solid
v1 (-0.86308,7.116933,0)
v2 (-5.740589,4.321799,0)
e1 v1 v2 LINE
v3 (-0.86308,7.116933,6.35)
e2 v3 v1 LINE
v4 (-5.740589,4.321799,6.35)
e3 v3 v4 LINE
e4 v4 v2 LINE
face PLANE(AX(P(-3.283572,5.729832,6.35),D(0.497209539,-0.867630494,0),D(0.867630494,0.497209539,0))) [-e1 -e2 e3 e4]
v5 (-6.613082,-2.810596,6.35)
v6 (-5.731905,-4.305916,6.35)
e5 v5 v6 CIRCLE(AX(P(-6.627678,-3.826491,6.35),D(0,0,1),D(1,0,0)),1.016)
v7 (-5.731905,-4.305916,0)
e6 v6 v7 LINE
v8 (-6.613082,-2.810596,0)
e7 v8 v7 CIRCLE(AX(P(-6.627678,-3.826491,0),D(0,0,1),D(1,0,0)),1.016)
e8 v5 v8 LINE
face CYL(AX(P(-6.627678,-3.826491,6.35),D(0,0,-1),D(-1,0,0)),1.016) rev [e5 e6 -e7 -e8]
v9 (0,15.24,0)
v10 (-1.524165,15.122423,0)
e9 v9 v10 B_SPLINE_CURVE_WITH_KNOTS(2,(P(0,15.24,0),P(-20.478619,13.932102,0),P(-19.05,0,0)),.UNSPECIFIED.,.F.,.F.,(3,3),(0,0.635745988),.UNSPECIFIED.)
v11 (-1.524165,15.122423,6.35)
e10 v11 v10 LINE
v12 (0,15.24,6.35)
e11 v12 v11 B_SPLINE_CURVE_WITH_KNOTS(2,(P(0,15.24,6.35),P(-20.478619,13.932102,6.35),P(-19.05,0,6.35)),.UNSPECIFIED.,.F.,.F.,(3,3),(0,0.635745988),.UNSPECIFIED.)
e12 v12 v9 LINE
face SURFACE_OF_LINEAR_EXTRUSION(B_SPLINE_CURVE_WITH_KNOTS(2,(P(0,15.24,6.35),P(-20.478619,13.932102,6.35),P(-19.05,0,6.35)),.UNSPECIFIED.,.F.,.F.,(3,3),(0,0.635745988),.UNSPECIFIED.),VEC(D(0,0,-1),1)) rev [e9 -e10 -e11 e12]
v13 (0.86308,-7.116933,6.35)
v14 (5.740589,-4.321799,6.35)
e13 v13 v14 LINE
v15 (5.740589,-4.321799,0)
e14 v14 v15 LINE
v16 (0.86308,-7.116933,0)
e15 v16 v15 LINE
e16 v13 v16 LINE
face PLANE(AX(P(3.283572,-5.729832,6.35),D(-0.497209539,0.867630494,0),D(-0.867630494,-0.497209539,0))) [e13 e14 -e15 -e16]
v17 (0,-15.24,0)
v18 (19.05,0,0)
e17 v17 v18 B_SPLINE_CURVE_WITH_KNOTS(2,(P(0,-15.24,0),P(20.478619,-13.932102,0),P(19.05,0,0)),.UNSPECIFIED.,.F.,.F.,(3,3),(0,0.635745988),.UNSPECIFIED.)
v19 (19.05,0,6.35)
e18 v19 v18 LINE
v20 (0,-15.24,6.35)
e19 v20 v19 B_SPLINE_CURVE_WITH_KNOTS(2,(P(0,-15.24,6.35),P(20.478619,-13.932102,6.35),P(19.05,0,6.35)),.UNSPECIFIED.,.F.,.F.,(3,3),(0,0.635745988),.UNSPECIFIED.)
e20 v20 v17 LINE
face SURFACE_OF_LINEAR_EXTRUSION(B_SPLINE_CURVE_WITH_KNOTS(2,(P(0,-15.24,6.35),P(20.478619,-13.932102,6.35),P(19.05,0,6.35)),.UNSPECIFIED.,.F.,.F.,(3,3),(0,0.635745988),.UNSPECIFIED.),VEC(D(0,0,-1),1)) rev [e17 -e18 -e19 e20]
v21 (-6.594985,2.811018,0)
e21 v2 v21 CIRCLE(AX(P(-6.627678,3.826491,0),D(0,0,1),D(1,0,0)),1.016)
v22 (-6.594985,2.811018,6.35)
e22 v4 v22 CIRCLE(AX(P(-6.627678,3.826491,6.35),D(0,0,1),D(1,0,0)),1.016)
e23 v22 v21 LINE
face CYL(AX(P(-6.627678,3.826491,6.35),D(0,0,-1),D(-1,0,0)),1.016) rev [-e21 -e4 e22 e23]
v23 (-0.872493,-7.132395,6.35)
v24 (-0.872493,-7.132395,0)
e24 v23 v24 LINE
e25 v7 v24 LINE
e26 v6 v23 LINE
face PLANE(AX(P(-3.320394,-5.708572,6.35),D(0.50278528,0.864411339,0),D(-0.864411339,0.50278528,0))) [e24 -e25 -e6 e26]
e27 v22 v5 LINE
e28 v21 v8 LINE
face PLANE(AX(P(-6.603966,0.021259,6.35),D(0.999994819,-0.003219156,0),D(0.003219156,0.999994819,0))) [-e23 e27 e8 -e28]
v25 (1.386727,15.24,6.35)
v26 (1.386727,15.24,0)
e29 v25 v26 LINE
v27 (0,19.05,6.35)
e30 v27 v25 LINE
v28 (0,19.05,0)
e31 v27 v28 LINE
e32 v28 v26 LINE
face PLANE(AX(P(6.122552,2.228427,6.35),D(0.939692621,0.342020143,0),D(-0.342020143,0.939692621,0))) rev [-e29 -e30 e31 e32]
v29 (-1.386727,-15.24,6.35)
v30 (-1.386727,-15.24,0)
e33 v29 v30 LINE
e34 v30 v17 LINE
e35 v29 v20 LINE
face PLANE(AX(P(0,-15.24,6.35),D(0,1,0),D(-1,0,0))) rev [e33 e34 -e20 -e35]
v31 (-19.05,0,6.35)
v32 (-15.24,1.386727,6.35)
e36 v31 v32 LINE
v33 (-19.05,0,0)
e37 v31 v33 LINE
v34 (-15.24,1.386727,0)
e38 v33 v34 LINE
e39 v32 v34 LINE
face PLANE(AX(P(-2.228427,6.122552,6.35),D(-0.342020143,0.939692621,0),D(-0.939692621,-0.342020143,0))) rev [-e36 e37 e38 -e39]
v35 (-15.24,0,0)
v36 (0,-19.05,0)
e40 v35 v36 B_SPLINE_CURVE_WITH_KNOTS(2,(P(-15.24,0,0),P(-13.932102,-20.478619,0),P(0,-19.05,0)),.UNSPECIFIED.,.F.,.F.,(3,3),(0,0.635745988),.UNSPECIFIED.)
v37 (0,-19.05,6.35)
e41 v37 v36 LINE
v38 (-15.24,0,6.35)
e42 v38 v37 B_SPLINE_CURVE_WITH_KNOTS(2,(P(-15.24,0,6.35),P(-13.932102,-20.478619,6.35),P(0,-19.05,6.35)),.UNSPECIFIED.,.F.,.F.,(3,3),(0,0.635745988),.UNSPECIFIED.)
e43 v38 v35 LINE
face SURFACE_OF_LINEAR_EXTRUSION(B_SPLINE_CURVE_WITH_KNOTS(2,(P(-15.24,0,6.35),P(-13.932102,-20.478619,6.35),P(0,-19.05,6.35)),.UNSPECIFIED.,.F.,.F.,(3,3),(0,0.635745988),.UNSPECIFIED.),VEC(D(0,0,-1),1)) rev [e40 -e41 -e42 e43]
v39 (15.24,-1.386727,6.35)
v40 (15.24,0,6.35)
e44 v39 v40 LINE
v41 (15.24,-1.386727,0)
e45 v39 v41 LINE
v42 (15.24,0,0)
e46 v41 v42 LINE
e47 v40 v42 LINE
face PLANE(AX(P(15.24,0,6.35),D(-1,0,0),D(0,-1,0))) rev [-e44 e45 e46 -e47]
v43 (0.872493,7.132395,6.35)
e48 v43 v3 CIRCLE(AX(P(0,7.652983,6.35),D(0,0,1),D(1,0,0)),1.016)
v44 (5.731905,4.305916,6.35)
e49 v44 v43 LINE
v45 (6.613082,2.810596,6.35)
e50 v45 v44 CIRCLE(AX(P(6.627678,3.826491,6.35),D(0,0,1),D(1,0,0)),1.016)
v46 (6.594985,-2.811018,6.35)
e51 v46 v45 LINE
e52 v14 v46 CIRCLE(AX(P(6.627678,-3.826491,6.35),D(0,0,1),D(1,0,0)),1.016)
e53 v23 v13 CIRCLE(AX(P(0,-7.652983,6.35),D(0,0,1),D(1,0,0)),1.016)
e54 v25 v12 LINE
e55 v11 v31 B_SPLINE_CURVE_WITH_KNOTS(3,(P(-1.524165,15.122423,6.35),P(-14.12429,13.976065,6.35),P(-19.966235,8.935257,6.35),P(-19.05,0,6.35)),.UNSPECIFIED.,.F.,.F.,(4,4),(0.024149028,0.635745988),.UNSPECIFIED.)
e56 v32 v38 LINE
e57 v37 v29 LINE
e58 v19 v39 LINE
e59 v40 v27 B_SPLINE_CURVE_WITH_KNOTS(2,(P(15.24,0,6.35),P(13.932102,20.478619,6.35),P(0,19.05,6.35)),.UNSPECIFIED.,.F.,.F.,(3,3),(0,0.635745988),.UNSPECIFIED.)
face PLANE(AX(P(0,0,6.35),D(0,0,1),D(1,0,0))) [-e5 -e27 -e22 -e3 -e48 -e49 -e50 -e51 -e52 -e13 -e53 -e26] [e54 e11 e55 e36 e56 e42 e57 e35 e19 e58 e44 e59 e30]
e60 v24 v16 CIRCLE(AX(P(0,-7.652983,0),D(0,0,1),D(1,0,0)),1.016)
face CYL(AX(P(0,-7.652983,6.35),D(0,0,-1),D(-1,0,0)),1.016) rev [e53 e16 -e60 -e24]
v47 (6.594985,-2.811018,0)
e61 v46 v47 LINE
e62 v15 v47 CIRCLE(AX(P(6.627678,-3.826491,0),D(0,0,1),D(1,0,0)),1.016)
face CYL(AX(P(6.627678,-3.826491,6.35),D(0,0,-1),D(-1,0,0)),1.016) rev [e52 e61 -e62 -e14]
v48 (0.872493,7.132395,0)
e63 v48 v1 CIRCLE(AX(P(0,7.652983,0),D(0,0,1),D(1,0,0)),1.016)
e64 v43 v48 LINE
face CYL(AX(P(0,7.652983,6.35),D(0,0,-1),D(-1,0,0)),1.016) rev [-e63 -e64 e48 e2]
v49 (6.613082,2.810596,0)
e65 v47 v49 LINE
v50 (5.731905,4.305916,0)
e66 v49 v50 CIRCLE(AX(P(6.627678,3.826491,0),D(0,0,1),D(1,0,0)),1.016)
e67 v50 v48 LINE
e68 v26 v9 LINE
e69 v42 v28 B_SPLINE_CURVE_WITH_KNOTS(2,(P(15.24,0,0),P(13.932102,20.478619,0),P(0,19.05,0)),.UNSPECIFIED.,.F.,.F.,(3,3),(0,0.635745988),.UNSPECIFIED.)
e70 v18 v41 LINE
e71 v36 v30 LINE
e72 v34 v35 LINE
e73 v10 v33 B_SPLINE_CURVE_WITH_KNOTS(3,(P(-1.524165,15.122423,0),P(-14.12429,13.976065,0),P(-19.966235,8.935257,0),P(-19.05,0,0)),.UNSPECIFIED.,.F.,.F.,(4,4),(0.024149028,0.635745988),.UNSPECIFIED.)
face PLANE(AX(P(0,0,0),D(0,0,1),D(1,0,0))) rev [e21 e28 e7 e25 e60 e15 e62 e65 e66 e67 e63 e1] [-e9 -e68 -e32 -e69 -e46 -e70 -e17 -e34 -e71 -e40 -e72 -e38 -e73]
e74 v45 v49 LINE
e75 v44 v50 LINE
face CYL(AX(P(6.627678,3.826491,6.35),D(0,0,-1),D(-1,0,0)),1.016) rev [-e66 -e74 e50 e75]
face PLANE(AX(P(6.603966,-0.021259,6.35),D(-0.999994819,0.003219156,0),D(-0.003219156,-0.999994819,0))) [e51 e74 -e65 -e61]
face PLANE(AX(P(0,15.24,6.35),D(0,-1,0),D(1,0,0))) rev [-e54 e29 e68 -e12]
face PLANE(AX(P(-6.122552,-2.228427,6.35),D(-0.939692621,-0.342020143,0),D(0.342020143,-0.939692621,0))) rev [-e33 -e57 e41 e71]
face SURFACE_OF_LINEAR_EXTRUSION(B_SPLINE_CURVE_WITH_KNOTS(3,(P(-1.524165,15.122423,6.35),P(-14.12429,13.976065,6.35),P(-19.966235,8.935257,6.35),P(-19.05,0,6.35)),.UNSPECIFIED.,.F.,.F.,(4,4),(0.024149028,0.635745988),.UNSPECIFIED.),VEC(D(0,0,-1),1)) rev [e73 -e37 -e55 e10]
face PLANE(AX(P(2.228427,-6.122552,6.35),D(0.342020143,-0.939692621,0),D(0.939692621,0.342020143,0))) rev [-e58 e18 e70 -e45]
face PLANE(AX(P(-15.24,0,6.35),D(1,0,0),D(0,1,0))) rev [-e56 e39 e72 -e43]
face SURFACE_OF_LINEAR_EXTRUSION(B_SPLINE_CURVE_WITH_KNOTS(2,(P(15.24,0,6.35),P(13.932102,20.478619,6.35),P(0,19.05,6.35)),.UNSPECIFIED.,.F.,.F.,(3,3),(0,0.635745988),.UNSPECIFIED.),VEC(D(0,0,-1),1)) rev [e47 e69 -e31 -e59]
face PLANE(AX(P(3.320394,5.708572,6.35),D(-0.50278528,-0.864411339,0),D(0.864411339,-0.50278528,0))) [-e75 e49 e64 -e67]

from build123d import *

# Parameters (mm, degrees)
BOSS_EXTRUDE2_DEPTH = 6.35


with BuildPart() as part:
    # Sketch1 → Boss-Extrude2 (new body)
    with BuildSketch(Plane.XY):
        with BuildLine():
            Line((-19.05, 0), (-15.24, 1.386726593))
            Line((-15.24, 1.386726593), (-15.24, 0))
            add(Edge.make_bspline(
                [(-15.24, 0), (-13.932101613, -20.478619227), (0, -19.05)],
                knots=[0, 0, 0, 0.635745988, 0.635745988, 0.635745988], degree=2))
            Line((0, -19.05), (-1.386726593, -15.24))
            Line((-1.386726593, -15.24), (0, -15.24))
            add(Edge.make_bspline(
                [(0, -15.24), (20.478619227, -13.932101613), (19.05, 0)],
                knots=[0, 0, 0, 0.635745988, 0.635745988, 0.635745988], degree=2))
            Line((19.05, 0), (15.24, -1.386726593))
            Line((15.24, -1.386726593), (15.24, 0))
            add(Edge.make_bspline(
                [(15.24, 0), (13.932101613, 20.478619227), (0, 19.05)],
                knots=[0, 0, 0, 0.635745988, 0.635745988, 0.635745988], degree=2))
            Line((0, 19.05), (1.386726593, 15.24))
            Line((1.386726593, 15.24), (0, 15.24))
            add(Edge.make_bspline(
                [(0, 15.24), (-20.478619227, 13.932101613), (-19.05, 0)],
                knots=[0, 0, 0, 0.635745988, 0.635745988, 0.635745988], degree=2))
        make_face()
        with BuildLine():
            Line((6.594985068, -2.811017562), (6.613082013, 2.810596285))
            ThreePointArc((6.613082013, 2.810596285), (7.502999025, 4.342309614), (5.731905154, 4.305915826))
            Line((5.731905154, 4.305915826), (0.872493224, 7.132395163))
            ThreePointArc((0.872493224, 7.132395163), (-0.009050924, 8.668942567), (-0.863079915, 7.116933388))
            Line((-0.863079915, 7.116933388), (-5.740588789, 4.321798878))
            ThreePointArc((-5.740588789, 4.321798878), (-7.512049949, 4.326632954), (-6.594985068, 2.811017562))
            Line((-6.594985068, 2.811017562), (-6.613082013, -2.810596285))
            ThreePointArc((-6.613082013, -2.810596285), (-7.502999025, -4.342309614), (-5.731905154, -4.305915826))
            Line((-5.731905154, -4.305915826), (-0.872493224, -7.132395163))
            ThreePointArc((-0.872493224, -7.132395163), (0.009050924, -8.668942567), (0.863079915, -7.116933388))
            Line((0.863079915, -7.116933388), (5.740588789, -4.321798878))
            ThreePointArc((5.740588789, -4.321798878), (7.512049949, -4.326632954), (6.594985068, -2.811017562))
        make_face(mode=Mode.SUBTRACT)
    extrude(amount=BOSS_EXTRUDE2_DEPTH)


solid = part.part
